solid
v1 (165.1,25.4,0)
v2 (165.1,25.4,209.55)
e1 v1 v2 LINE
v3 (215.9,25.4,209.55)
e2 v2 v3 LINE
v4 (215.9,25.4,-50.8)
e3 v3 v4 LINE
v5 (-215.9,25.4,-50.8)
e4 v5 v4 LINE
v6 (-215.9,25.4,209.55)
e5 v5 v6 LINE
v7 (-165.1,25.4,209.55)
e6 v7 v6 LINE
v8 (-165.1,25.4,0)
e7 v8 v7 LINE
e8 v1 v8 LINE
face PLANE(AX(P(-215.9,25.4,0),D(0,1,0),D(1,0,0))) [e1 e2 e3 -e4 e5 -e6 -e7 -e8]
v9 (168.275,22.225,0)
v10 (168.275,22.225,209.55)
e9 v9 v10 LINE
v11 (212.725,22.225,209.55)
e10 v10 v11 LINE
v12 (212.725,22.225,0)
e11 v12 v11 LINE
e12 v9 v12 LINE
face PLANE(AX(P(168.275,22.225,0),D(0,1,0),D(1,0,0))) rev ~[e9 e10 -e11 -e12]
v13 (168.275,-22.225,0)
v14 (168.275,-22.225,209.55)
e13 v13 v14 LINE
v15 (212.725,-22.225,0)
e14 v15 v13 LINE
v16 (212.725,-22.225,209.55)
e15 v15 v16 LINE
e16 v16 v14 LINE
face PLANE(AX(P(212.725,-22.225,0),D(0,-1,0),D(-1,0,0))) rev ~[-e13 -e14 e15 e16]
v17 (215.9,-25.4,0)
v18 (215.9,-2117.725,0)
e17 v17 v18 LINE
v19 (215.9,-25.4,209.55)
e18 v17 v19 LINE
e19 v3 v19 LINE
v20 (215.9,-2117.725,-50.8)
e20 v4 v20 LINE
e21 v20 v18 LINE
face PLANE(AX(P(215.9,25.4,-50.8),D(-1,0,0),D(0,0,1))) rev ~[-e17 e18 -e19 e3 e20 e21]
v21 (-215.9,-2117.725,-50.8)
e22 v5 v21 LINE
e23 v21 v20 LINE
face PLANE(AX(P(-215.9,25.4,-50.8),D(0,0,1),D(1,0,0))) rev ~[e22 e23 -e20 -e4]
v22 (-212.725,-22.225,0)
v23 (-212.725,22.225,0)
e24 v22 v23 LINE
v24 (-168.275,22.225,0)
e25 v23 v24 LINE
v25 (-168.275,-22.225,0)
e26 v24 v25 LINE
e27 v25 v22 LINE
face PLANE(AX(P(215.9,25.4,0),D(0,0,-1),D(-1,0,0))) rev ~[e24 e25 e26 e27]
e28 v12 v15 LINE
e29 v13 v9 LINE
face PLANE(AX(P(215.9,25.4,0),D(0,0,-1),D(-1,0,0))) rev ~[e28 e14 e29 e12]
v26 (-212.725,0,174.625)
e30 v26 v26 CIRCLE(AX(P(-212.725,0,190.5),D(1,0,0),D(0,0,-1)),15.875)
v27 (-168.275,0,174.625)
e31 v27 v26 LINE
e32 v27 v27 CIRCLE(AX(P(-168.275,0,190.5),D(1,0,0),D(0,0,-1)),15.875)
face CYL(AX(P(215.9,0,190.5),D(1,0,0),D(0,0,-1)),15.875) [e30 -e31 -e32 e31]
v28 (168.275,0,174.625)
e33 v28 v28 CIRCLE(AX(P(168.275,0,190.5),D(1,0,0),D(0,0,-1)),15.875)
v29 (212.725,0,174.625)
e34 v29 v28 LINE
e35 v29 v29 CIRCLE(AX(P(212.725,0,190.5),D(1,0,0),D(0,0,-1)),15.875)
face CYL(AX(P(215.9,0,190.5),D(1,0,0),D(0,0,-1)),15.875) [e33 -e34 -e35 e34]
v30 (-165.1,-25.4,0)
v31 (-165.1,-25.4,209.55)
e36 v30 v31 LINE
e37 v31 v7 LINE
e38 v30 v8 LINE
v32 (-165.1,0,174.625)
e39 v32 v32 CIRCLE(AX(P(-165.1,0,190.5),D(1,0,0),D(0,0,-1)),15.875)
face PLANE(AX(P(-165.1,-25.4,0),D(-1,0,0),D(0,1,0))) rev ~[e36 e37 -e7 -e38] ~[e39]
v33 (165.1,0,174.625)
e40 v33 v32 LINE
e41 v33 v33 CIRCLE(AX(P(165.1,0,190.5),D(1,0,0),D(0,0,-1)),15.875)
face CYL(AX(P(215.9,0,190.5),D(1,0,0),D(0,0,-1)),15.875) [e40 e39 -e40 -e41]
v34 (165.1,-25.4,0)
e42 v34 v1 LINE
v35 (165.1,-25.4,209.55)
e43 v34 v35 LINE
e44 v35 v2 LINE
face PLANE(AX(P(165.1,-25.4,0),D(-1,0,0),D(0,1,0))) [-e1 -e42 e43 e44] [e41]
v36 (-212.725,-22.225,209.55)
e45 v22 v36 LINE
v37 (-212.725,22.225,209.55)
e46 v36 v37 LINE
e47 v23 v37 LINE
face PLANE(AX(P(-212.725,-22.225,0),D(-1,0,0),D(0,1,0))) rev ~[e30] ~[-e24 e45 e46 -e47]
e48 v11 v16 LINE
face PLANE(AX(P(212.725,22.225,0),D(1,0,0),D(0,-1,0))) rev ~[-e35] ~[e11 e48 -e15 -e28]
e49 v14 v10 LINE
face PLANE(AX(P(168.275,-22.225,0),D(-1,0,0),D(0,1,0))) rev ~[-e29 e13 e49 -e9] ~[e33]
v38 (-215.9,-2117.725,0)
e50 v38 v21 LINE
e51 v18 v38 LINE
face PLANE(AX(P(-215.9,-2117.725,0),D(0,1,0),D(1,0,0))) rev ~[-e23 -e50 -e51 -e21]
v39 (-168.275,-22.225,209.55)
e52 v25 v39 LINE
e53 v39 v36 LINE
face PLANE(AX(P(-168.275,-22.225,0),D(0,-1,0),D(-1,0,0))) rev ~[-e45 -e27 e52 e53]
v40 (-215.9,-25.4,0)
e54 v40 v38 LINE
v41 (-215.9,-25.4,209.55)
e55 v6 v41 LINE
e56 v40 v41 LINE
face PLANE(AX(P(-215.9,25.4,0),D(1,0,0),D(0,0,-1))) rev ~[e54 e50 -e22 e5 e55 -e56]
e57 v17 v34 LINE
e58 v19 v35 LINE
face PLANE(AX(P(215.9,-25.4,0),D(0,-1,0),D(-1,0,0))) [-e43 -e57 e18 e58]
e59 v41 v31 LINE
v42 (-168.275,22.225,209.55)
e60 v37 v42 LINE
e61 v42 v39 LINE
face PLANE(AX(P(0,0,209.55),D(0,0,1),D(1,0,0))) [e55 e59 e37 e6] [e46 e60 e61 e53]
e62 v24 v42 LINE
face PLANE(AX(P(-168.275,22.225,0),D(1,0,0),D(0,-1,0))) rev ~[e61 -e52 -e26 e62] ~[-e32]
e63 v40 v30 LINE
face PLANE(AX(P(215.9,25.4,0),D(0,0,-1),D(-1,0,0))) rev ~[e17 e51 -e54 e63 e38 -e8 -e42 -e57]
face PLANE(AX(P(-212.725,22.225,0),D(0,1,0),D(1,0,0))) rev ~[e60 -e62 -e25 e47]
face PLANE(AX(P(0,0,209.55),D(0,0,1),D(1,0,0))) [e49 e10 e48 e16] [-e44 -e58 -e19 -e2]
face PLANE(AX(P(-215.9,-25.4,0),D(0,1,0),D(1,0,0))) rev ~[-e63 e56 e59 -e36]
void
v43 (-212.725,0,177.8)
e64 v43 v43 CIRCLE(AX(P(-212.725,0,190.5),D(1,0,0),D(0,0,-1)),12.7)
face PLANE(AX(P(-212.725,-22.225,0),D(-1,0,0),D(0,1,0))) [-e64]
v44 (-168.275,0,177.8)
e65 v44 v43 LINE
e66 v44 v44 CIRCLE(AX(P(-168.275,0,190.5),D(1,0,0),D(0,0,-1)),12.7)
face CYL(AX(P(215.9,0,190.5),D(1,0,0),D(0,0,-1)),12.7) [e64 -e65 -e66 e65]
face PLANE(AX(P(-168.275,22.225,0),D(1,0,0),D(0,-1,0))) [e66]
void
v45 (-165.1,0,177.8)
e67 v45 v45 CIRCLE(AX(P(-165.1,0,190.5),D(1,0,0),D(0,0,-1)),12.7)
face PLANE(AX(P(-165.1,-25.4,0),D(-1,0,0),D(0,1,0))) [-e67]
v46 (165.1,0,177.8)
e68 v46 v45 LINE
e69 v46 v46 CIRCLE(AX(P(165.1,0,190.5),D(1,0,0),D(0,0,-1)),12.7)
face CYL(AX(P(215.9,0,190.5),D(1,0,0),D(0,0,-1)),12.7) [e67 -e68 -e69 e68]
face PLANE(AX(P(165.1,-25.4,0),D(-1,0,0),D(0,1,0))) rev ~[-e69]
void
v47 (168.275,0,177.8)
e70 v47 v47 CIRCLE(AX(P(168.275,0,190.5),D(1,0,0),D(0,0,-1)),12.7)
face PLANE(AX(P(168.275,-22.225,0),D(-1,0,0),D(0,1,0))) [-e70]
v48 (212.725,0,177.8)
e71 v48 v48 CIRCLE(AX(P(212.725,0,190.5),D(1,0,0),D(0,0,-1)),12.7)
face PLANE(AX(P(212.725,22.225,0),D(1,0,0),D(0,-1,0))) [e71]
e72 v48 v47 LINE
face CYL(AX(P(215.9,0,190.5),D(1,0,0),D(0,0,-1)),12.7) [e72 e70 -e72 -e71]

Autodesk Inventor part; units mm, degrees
ref_plane "YZ Plane" through (0, 0, 0) normal (1, 0, 0) x (0, 1, 0)
ref_plane "XZ Plane" through (0, 0, 0) normal (0, 1, 0) x (-1, 0, 0)
ref_plane "XY Plane" through (0, 0, 0) normal (0, 0, 1) x (1, 0, 0)
sketch "Sketch1" plane through (0, 0, 0) normal (0, 0, 1) x (1, 0, 0)
  line L0 (-165.1, 0) -> (165.1, 0) construction
  line L1 (-215.9, -25.4) -> (-165.1, -25.4)
  line L2 (-165.1, -25.4) -> (-165.1, 25.4)
  line L3 (-165.1, 25.4) -> (-215.9, 25.4)
  line L4 (-215.9, 25.4) -> (-215.9, -25.4)
  line L5 (-215.9, -25.4) -> (-165.1, 25.4) construction
  line L6 (-165.1, -25.4) -> (-215.9, 25.4) construction
  line L7 (215.9, -25.4) -> (165.1, -25.4)
  line L8 (165.1, -25.4) -> (165.1, 25.4)
  line L9 (165.1, 25.4) -> (215.9, 25.4)
  line L10 (215.9, 25.4) -> (215.9, -25.4)
  line L11 (215.9, -25.4) -> (165.1, 25.4) construction
  line L12 (165.1, -25.4) -> (215.9, 25.4) construction
  line L13 (-168.275, 22.225) -> (-168.275, -22.225)
  line L14 (-168.275, -22.225) -> (-212.725, -22.225)
  line L15 (-212.725, -22.225) -> (-212.725, 22.225)
  line L16 (-212.725, 22.225) -> (-168.275, 22.225)
  line L17 (212.725, -22.225) -> (168.275, -22.225)
  line L18 (168.275, -22.225) -> (168.275, 22.225)
  line L19 (168.275, 22.225) -> (212.725, 22.225)
  line L20 (212.725, 22.225) -> (212.725, -22.225)
  point P0 (0, 0)
  point P1 (0, 0)
  point P2 (-190.5, 0)
  point P3 (190.5, 0)
  dimension "d0" = 330.2
  dimension "d1" = 50.8
  dimension "d2" = 3.175
  dimension "d3" = 3.175
extrude "Extrusion1" add sketch "Sketch1" along normal blind 209.55
sketch "Sketch2" plane through (215.9, -25.4, 0) normal (1, 0, 0) x (0, 0, -1)
  line L0 (0, 25.4) -> (-209.55, 25.4) construction
  line L1 (-209.55, 3.175) -> (-209.55, 47.625) construction
  circle A0 centre (-190.5, 25.4) radius 15.875
  circle A1 centre (-190.5, 25.4) radius 12.7
  dimension "d6" = 31.75
  dimension "d7" = 19.05
  dimension "d8" = 3.175
extrude "Extrusion2" add sketch "Sketch2" against normal up to surface (431.8 mm away)
sketch "Sketch3" plane through (-215.9, 25.4, 0) normal (0, 1, 0) x (1, 0, 0)
  line L0 (431.8, 0) -> (0, 0)
  line L1 (0, 0) -> (0, 50.8)
  line L2 (0, 50.8) -> (431.8, 50.8)
  line L3 (431.8, 50.8) -> (431.8, 0)
  point P0 (215.9, 0)
  point P1 (215.9, 0)
  dimension "d11" = 431.8
  dimension "d12" = 50.8
extrude "Extrusion3" add sketch "Sketch3" against normal blind 2143.125
properties part number "rung" material "Aluminum 6061"
